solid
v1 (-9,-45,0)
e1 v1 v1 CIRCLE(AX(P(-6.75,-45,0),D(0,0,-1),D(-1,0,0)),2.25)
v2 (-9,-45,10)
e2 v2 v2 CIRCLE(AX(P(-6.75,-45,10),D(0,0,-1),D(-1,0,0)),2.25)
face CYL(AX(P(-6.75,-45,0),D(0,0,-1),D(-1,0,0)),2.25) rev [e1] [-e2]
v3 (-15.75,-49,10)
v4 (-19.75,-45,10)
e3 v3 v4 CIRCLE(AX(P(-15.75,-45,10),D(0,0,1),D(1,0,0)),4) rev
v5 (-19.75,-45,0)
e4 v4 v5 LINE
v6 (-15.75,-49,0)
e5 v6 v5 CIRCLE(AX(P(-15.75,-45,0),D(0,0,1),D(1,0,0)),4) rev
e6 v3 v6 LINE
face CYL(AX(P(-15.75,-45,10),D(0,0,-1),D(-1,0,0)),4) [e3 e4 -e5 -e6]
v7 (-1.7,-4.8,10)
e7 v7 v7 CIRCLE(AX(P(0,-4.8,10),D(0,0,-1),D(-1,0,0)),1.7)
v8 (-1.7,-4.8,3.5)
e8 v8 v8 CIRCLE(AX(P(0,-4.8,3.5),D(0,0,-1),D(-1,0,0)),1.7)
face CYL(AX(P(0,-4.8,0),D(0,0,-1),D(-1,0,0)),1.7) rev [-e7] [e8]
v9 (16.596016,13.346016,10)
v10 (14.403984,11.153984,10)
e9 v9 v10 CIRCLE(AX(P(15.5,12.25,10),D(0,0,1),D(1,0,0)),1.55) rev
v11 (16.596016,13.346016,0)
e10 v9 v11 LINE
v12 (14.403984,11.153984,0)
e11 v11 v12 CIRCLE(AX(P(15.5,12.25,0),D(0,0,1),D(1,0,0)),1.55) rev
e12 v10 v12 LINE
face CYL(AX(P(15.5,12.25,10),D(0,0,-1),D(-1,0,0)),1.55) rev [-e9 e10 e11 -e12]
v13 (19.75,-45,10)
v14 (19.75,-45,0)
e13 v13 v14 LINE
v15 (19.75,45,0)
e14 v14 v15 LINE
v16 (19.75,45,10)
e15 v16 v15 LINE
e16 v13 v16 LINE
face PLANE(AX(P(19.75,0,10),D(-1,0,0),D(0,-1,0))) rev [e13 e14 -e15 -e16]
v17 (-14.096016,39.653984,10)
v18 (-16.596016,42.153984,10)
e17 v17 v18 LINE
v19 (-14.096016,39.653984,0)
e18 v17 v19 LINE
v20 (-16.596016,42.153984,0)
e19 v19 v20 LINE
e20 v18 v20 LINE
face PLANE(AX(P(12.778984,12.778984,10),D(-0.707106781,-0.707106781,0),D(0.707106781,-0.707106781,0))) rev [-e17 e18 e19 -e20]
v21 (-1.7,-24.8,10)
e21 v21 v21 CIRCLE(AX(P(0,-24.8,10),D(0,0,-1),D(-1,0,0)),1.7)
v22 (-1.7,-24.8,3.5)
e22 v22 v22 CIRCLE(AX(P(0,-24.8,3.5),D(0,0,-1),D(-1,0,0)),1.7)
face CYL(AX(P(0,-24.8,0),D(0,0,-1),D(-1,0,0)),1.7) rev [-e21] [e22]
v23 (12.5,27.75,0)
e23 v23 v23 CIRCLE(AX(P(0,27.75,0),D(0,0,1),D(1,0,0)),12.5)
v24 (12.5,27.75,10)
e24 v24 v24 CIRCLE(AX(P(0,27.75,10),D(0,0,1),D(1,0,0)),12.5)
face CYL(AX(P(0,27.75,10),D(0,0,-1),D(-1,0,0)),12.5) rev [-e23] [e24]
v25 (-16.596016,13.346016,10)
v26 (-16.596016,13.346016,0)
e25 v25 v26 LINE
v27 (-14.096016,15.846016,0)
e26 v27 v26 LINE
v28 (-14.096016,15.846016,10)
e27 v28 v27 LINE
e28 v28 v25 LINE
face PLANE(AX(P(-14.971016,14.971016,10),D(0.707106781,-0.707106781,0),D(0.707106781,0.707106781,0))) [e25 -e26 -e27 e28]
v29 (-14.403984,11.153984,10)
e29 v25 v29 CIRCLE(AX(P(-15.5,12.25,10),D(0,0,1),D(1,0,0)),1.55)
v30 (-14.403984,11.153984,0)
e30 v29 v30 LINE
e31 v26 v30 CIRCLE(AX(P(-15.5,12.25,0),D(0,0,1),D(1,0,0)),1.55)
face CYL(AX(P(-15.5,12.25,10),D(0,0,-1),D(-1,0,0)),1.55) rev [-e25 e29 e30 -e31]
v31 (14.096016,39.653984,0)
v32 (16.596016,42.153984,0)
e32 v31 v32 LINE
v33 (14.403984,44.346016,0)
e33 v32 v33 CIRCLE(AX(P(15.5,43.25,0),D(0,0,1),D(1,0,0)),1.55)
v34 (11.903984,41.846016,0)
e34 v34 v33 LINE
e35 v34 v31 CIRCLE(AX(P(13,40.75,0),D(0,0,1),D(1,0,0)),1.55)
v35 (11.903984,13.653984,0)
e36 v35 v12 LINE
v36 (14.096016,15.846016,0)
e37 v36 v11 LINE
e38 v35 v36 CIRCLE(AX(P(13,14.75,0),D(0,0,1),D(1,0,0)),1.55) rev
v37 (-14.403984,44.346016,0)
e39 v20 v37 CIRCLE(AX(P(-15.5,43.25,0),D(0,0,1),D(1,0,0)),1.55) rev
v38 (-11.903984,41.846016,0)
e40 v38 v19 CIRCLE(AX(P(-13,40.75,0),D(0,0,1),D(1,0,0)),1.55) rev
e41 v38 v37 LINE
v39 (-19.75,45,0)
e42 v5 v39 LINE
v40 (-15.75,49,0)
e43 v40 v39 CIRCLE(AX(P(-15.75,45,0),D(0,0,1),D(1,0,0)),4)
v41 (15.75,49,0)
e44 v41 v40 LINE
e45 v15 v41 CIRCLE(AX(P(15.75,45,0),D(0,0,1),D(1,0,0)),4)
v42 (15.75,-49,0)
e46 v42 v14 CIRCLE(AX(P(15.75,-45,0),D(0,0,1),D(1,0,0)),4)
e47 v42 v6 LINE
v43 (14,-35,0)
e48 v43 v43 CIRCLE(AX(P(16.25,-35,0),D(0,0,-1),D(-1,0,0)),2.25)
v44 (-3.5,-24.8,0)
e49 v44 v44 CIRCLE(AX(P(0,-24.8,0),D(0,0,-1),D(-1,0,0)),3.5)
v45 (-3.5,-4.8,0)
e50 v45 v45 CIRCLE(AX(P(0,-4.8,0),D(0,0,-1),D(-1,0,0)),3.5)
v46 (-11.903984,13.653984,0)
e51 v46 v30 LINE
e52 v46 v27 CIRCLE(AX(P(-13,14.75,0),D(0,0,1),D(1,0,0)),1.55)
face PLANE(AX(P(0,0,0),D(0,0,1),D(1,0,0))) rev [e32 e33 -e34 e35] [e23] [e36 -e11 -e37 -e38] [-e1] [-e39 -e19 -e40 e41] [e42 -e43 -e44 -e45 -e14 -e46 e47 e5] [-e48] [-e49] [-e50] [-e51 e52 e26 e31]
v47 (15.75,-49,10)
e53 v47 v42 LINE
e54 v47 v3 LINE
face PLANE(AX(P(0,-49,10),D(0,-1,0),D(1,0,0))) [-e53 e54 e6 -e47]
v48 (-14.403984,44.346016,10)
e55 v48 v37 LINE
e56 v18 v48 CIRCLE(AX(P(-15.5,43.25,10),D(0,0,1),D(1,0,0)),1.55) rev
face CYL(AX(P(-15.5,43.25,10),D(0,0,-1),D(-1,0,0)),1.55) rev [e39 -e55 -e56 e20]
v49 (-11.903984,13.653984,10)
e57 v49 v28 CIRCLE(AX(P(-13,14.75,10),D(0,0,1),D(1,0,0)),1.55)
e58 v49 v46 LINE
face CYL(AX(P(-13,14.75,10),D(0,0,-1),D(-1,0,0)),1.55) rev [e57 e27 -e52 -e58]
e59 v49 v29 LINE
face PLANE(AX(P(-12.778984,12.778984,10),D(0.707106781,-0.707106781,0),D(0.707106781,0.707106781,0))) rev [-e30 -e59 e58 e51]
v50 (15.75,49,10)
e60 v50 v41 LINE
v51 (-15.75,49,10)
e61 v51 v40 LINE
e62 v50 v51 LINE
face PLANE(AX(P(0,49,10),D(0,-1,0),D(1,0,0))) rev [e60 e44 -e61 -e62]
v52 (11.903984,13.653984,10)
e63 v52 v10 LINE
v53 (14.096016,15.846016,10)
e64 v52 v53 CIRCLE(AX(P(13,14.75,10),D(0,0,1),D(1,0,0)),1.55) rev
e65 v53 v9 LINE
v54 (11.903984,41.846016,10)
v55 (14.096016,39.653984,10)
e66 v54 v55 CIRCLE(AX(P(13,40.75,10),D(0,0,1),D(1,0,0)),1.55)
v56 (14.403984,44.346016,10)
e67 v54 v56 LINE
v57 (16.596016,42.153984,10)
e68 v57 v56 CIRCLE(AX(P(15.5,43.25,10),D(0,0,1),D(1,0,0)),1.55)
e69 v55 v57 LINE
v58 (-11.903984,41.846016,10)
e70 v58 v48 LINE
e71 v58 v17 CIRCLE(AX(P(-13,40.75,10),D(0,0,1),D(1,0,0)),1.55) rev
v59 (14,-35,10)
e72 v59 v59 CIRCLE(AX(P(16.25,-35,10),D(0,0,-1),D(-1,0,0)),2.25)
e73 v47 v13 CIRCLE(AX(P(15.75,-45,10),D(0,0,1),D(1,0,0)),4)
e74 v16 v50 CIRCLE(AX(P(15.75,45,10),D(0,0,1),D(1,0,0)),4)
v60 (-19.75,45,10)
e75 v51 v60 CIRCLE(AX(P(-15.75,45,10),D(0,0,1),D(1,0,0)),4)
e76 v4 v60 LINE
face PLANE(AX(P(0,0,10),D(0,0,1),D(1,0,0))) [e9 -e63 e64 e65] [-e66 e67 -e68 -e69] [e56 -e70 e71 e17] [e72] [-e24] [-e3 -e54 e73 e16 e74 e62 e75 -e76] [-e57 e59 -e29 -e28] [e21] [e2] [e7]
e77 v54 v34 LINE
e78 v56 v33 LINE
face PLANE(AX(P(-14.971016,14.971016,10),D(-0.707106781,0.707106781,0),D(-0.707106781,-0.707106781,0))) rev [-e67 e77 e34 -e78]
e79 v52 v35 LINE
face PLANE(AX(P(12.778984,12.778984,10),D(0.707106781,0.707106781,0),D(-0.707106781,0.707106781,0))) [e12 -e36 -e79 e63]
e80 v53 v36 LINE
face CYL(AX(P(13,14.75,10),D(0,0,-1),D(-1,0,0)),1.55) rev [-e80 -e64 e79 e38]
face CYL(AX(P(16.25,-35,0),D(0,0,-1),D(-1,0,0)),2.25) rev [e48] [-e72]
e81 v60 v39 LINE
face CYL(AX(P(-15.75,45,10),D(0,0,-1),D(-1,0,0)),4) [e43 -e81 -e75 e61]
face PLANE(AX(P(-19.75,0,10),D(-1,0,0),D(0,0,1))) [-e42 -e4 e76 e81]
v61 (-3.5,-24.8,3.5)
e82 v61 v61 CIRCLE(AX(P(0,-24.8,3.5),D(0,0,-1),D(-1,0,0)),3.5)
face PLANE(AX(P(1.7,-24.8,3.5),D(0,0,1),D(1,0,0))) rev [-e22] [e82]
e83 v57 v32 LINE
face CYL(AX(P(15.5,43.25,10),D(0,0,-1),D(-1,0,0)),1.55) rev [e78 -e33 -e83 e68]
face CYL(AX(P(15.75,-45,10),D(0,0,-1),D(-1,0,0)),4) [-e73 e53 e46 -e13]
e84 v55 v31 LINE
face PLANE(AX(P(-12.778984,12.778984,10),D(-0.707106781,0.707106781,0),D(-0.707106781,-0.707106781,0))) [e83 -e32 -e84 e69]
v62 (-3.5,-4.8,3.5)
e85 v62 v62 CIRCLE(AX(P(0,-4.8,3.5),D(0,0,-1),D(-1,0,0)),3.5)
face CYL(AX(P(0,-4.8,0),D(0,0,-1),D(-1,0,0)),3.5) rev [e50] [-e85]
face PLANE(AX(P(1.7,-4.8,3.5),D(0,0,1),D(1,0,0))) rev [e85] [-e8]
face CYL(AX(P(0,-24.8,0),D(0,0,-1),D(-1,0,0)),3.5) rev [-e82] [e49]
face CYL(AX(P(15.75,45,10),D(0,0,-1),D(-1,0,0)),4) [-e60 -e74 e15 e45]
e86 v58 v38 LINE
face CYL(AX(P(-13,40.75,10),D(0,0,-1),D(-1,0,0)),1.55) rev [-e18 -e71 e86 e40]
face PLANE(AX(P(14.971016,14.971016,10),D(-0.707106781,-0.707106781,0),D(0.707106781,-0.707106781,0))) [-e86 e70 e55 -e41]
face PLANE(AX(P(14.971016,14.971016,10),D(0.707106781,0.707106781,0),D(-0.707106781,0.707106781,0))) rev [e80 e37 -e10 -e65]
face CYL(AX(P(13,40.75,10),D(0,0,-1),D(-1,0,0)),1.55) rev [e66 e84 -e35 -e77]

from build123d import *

# Parameters (mm, degrees)
SKETCH1_R                                          = 2.55
SKETCH1_R_2                                        = 12.5
BOSS_EXTRUDE1_DEPTH                                = 10
CHAMBRAGE_POUR_VIS_T_TE_RONDE_BOMB_E_M_D           = 3.4
CHAMBRAGE_POUR_VIS_T_TE_RONDE_BOMB_E_M_CBORE_D     = 7
CHAMBRAGE_POUR_VIS_T_TE_RONDE_BOMB_E_M_CBORE_DEPTH = 3.5
DIAM_TRE_DU_PER_AGE_4_5_4_5_1_D                    = 4.5


with BuildPart() as part:
    # Sketch1 → Boss-Extrude1 (new body)
    # profile 1 of 3: a face of its own
    with BuildSketch(Plane.XY):
        with BuildLine():
            Line((15.75, 49), (-15.75, 49))
            ThreePointArc((-15.75, 49), (-18.578427125, 47.828427125), (-19.75, 45))
            Line((-19.75, 45), (-19.75, -45))
            ThreePointArc((-19.75, -45), (-18.578427125, -47.828427125), (-15.75, -49))
            Line((-15.75, -49), (15.75, -49))
            ThreePointArc((15.75, -49), (18.578427125, -47.828427125), (19.75, -45))
            Line((19.75, -45), (19.75, 45))
            ThreePointArc((19.75, 45), (18.578427125, 47.828427125), (15.75, 49))
        make_face()
        with Locations((0, -4.8)):
            Circle(SKETCH1_R, mode=Mode.SUBTRACT)
        with Locations((0, -24.8)):
            Circle(SKETCH1_R, mode=Mode.SUBTRACT)
        with Locations((0, 27.75)):
            Circle(SKETCH1_R_2, mode=Mode.SUBTRACT)
        with BuildLine():
            ThreePointArc((-16.596015511, 13.346015511), (-16.596015511, 11.153984489), (-14.403984489, 11.153984489))
            Line((-14.403984489, 11.153984489), (-11.903984489, 13.653984489))
            ThreePointArc((-11.903984489, 13.653984489), (-11.903984489, 15.846015511), (-14.096015511, 15.846015511))
            Line((-14.096015511, 15.846015511), (-16.596015511, 13.346015511))
        make_face(mode=Mode.SUBTRACT)
        with BuildLine():
            ThreePointArc((16.596015511, 42.153984489), (16.596015511, 44.346015511), (14.403984489, 44.346015511))
            Line((14.403984489, 44.346015511), (11.903984489, 41.846015511))
            ThreePointArc((11.903984489, 41.846015511), (11.903984489, 39.653984489), (14.096015511, 39.653984489))
            Line((14.096015511, 39.653984489), (16.596015511, 42.153984489))
        make_face(mode=Mode.SUBTRACT)
        with BuildLine():
            Line((-14.096015511, 39.653984489), (-16.596015511, 42.153984489))
            ThreePointArc((-16.596015511, 42.153984489), (-16.596015511, 44.346015511), (-14.403984489, 44.346015511))
            Line((-14.403984489, 44.346015511), (-11.903984489, 41.846015511))
            ThreePointArc((-11.903984489, 41.846015511), (-11.903984489, 39.653984489), (-14.096015511, 39.653984489))
        make_face(mode=Mode.SUBTRACT)
        with BuildLine():
            Line((14.096015511, 15.846015511), (16.596015511, 13.346015511))
            ThreePointArc((16.596015511, 13.346015511), (16.596015511, 11.153984489), (14.403984489, 11.153984489))
            Line((14.403984489, 11.153984489), (11.903984489, 13.653984489))
            ThreePointArc((11.903984489, 13.653984489), (11.903984489, 15.846015511), (14.096015511, 15.846015511))
        make_face(mode=Mode.SUBTRACT)
    # profile 2 of 3: a face of its own
    with BuildSketch(Plane.XY):
        with Locations((0, -24.8)):
            Circle(SKETCH1_R)
    # profile 3 of 3: a face of its own
    with BuildSketch(Plane.XY):
        with Locations((0, -4.8)):
            Circle(SKETCH1_R)
    extrude(amount=BOSS_EXTRUDE1_DEPTH)

    # Chambrage pour vis à tête ronde bombée M31 (through all)
    with Locations(Plane(origin=(0, 0, 0), x_dir=(1, 0, 0), z_dir=(0, 0, -1))):
        with Locations((0, 4.8), (0, 24.8)):
            CounterBoreHole(CHAMBRAGE_POUR_VIS_T_TE_RONDE_BOMB_E_M_D / 2, CHAMBRAGE_POUR_VIS_T_TE_RONDE_BOMB_E_M_CBORE_D / 2, CHAMBRAGE_POUR_VIS_T_TE_RONDE_BOMB_E_M_CBORE_DEPTH)

    # Diamètre du perçage Ø4.5 (4.5)1 (through all)
    with Locations(Plane(origin=(0, 0, 0), x_dir=(-1, 0, 0), z_dir=(0, 0, -1))):
        with Locations((-16.25, -35), (6.75, -45)):
            Hole(DIAM_TRE_DU_PER_AGE_4_5_4_5_1_D / 2)


solid = part.part
